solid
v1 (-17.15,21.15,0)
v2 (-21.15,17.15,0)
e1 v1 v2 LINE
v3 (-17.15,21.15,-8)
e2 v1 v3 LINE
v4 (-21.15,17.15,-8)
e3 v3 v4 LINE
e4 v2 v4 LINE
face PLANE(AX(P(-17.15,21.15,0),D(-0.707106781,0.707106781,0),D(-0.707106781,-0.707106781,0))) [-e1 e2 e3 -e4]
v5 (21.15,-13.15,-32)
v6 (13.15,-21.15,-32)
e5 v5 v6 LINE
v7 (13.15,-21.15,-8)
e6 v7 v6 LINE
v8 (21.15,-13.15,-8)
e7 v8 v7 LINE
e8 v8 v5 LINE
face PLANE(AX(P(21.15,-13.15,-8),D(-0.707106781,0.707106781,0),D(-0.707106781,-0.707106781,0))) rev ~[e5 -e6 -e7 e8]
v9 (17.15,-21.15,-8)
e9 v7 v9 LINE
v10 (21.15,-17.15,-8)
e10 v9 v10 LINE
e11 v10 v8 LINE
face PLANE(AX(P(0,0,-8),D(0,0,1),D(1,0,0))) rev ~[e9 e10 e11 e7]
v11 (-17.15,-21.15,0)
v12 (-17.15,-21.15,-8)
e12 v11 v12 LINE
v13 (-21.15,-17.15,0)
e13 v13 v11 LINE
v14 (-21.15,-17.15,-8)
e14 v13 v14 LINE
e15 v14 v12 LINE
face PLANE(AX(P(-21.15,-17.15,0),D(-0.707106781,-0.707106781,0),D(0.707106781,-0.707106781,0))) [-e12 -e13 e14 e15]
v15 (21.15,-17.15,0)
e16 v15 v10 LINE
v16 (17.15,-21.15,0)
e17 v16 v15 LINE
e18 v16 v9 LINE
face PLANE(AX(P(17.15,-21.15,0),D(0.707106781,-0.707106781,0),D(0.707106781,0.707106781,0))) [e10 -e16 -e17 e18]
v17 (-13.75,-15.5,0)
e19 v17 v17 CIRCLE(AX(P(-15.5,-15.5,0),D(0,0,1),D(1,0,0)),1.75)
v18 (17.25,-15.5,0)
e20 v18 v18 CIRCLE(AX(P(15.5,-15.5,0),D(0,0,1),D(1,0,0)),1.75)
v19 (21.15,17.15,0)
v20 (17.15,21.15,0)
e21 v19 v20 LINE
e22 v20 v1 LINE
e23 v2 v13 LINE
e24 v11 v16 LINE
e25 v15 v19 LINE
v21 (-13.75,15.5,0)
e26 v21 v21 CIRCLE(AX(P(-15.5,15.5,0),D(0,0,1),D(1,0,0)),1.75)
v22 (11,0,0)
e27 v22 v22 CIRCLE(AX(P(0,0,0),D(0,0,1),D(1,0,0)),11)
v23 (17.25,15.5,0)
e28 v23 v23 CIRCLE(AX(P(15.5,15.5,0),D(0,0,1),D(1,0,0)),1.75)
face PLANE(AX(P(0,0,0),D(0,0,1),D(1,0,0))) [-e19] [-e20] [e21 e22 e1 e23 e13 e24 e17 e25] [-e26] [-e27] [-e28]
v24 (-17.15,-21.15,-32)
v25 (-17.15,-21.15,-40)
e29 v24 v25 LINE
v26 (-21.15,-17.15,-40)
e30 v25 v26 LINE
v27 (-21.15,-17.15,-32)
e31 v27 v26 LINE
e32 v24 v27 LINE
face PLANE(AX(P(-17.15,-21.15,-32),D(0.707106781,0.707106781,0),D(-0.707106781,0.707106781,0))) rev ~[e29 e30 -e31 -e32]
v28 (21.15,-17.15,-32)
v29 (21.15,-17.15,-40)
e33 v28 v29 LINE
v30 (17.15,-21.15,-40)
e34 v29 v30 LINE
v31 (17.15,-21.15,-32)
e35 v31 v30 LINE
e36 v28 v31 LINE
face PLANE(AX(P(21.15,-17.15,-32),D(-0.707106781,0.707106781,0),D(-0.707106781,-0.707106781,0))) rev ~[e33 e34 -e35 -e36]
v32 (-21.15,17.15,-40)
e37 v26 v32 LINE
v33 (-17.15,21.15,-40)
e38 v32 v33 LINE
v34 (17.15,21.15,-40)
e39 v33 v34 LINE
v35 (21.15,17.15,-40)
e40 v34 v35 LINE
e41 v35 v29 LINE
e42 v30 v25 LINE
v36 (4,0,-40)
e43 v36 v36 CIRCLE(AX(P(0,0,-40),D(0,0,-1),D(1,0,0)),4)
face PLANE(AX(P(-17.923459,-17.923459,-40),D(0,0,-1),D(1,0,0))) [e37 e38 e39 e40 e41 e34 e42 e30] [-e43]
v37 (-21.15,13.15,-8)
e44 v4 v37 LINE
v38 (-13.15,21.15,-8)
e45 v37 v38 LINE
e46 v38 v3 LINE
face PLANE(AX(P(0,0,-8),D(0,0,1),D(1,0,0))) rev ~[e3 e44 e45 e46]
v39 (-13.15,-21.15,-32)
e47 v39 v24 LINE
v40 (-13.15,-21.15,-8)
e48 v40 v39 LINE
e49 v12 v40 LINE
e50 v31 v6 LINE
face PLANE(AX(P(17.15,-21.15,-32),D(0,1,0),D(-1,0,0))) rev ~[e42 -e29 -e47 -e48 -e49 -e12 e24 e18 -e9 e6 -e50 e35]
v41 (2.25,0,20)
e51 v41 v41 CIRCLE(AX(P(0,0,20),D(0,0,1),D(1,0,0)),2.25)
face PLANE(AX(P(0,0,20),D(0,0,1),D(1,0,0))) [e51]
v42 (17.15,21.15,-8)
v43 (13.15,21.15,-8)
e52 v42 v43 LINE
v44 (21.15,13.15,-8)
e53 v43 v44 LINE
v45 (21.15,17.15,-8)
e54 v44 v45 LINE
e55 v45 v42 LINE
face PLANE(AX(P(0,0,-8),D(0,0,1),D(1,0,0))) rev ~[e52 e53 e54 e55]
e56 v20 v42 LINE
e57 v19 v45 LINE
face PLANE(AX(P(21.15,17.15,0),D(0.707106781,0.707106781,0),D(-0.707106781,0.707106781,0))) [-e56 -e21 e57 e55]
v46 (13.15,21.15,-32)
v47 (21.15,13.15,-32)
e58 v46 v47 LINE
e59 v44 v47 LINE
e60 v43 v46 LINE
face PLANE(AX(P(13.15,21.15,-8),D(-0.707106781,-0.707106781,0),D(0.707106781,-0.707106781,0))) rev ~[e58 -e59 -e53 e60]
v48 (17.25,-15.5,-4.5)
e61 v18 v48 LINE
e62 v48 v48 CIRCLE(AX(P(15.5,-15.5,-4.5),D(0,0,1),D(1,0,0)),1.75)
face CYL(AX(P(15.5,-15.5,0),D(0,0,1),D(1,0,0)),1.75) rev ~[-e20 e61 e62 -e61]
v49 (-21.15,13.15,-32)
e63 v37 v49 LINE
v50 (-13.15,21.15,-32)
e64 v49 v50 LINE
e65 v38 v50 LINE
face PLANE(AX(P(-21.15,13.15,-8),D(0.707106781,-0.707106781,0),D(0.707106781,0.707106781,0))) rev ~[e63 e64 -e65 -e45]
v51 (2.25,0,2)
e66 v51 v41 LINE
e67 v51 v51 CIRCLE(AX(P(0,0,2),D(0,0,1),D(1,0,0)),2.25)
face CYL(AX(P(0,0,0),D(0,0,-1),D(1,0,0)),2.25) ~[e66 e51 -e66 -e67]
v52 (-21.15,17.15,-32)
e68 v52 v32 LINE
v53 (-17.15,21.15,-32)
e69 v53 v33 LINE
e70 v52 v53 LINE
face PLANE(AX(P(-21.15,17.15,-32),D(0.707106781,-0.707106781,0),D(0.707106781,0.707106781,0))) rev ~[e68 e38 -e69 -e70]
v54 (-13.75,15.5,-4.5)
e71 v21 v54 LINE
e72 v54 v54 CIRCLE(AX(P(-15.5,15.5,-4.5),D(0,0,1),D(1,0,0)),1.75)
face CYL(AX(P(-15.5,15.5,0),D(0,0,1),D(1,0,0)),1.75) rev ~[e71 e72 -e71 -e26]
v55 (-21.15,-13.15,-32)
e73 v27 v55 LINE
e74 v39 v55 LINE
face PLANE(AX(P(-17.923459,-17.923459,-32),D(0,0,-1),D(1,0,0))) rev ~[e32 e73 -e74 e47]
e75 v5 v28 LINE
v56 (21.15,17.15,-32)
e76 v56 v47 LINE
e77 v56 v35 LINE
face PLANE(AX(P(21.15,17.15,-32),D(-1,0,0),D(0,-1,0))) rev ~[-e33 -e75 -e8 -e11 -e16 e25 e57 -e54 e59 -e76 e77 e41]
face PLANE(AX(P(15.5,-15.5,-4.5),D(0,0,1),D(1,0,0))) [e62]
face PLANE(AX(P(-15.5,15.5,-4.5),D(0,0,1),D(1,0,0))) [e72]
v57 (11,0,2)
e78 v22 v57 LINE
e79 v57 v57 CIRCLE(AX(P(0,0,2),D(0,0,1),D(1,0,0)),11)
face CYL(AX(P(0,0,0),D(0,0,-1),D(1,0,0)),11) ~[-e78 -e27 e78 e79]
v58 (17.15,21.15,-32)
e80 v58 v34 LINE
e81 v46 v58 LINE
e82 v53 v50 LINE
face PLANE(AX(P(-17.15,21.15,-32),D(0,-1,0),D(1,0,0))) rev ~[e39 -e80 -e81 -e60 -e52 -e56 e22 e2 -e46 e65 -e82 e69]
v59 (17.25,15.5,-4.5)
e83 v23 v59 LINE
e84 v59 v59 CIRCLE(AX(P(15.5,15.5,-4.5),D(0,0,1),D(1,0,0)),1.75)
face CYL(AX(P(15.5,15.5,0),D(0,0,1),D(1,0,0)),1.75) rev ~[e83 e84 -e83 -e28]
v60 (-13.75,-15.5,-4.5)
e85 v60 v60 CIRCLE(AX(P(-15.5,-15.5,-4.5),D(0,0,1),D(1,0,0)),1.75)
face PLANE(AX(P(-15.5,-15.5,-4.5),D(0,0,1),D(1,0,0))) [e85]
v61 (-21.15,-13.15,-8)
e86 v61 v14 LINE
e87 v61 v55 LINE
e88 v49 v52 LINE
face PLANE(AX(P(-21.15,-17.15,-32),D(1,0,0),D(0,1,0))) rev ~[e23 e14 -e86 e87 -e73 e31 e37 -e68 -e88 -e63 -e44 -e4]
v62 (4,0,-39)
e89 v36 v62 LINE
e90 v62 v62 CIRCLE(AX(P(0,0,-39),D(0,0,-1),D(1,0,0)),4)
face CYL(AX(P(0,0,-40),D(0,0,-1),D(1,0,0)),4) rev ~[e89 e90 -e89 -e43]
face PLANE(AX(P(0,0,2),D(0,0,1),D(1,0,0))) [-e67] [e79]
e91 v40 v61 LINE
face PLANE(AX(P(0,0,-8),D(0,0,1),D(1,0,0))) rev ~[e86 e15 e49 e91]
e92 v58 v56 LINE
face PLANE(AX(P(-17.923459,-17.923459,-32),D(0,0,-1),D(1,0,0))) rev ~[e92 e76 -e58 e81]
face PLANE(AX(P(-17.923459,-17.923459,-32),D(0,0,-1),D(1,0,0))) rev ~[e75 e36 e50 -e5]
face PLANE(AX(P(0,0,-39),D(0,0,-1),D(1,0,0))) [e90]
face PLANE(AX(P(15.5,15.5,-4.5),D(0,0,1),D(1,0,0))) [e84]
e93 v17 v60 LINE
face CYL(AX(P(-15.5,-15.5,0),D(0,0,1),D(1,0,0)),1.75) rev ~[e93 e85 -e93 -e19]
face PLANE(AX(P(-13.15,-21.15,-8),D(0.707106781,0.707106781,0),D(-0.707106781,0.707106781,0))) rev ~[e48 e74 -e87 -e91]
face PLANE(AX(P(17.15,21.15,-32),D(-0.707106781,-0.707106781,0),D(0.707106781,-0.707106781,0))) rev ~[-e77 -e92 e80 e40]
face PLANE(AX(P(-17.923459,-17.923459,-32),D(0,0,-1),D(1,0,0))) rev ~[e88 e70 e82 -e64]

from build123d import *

# Parameters (mm, degrees)
F1_R      = 11
F1_R_2    = 2.25
F2_DEPTH  = 2
F1_R_3    = 1.75
F3_DEPTH  = 8
F4_DEPTH  = 4.5
F5_DEPTH  = 20
F7_DEPTH  = 24
F9_DEPTH  = 8
F10_R     = 4
F11_DEPTH = 1


with BuildPart() as f2:
    # F1 (on Top) → F2 (new body)
    with BuildSketch(Plane.XY):
        Circle(F1_R)
        Circle(F1_R_2, mode=Mode.SUBTRACT)
    extrude(amount=F2_DEPTH)

    # F1 (on Top) → F3 (join)
    with BuildSketch(Plane.XY):
        Polygon((21.15, 17.15), (17.15, 21.15), (-17.15, 21.15), (-21.15, 17.15), (-21.15, -17.15), (-17.15, -21.15), (17.15, -21.15), (21.15, -17.15), align=None)
        with Locations((-15.5, -15.5)):
            Circle(F1_R_3, mode=Mode.SUBTRACT)
        with Locations((15.5, -15.5)):
            Circle(F1_R_3, mode=Mode.SUBTRACT)
        with Locations((-15.5, 15.5)):
            Circle(F1_R_3, mode=Mode.SUBTRACT)
        Circle(F1_R, mode=Mode.SUBTRACT)
        with Locations((15.5, 15.5)):
            Circle(F1_R_3, mode=Mode.SUBTRACT)
        Circle(F1_R)
        Circle(F1_R_2, mode=Mode.SUBTRACT)
        Circle(F1_R_2)
        with Locations((15.5, -15.5)):
            Circle(F1_R_3)
        with Locations((-15.5, -15.5)):
            Circle(F1_R_3)
        with Locations((-15.5, 15.5)):
            Circle(F1_R_3)
        with Locations((15.5, 15.5)):
            Circle(F1_R_3)
    extrude(amount=-F3_DEPTH)

    # F1 (on Top) → F4 (cut)
    with BuildSketch(Plane.XY):
        with Locations((-15.5, 15.5)):
            Circle(F1_R_3)
        with Locations((15.5, 15.5)):
            Circle(F1_R_3)
        with Locations((15.5, -15.5)):
            Circle(F1_R_3)
        with Locations((-15.5, -15.5)):
            Circle(F1_R_3)
    extrude(amount=-F4_DEPTH, mode=Mode.SUBTRACT)

    # F1 (on Top) → F5 (join)
    with BuildSketch(Plane.XY):
        Circle(F1_R_2)
    extrude(amount=F5_DEPTH)

    # F6 (on face) → F7 (join)
    with BuildSketch(Plane(origin=(0, 0, -8), x_dir=(1, 0, 0), z_dir=(0, 0, -1))):
        Polygon((-13.15, 21.15), (-21.15, 13.15), (-21.15, -13.15), (-13.15, -21.15), (13.15, -21.15), (21.15, -13.15), (21.15, 13.15), (13.15, 21.15), align=None)
    extrude(amount=F7_DEPTH)

    # F8 (on face) → F9 (join)
    with BuildSketch(Plane(origin=(0, 0, -32), x_dir=(1, 0, 0), z_dir=(0, 0, -1))):
        Polygon((-13.15, 21.15), (-17.15, 21.15), (-21.15, 17.15), (-21.15, 13.15), align=None)
        Polygon((13.15, 21.15), (-13.15, 21.15), (-21.15, 13.15), (-21.15, -13.15), (-13.15, -21.15), (13.15, -21.15), (21.15, -13.15), (21.15, 13.15), align=None)
        Polygon((17.15, 21.15), (13.15, 21.15), (21.15, 13.15), (21.15, 17.15), align=None)
        Polygon((21.15, -17.15), (21.15, -13.15), (13.15, -21.15), (17.15, -21.15), align=None)
        Polygon((-13.15, -21.15), (-21.15, -13.15), (-21.15, -17.15), (-17.15, -21.15), align=None)
    extrude(amount=F9_DEPTH)

    # F10 (on face) → F11 (cut)
    with BuildSketch(Plane(origin=(0, 0, -40), x_dir=(1, 0, 0), z_dir=(0, 0, -1))):
        Circle(F10_R)
    extrude(amount=-F11_DEPTH, mode=Mode.SUBTRACT)


solid = f2.part
